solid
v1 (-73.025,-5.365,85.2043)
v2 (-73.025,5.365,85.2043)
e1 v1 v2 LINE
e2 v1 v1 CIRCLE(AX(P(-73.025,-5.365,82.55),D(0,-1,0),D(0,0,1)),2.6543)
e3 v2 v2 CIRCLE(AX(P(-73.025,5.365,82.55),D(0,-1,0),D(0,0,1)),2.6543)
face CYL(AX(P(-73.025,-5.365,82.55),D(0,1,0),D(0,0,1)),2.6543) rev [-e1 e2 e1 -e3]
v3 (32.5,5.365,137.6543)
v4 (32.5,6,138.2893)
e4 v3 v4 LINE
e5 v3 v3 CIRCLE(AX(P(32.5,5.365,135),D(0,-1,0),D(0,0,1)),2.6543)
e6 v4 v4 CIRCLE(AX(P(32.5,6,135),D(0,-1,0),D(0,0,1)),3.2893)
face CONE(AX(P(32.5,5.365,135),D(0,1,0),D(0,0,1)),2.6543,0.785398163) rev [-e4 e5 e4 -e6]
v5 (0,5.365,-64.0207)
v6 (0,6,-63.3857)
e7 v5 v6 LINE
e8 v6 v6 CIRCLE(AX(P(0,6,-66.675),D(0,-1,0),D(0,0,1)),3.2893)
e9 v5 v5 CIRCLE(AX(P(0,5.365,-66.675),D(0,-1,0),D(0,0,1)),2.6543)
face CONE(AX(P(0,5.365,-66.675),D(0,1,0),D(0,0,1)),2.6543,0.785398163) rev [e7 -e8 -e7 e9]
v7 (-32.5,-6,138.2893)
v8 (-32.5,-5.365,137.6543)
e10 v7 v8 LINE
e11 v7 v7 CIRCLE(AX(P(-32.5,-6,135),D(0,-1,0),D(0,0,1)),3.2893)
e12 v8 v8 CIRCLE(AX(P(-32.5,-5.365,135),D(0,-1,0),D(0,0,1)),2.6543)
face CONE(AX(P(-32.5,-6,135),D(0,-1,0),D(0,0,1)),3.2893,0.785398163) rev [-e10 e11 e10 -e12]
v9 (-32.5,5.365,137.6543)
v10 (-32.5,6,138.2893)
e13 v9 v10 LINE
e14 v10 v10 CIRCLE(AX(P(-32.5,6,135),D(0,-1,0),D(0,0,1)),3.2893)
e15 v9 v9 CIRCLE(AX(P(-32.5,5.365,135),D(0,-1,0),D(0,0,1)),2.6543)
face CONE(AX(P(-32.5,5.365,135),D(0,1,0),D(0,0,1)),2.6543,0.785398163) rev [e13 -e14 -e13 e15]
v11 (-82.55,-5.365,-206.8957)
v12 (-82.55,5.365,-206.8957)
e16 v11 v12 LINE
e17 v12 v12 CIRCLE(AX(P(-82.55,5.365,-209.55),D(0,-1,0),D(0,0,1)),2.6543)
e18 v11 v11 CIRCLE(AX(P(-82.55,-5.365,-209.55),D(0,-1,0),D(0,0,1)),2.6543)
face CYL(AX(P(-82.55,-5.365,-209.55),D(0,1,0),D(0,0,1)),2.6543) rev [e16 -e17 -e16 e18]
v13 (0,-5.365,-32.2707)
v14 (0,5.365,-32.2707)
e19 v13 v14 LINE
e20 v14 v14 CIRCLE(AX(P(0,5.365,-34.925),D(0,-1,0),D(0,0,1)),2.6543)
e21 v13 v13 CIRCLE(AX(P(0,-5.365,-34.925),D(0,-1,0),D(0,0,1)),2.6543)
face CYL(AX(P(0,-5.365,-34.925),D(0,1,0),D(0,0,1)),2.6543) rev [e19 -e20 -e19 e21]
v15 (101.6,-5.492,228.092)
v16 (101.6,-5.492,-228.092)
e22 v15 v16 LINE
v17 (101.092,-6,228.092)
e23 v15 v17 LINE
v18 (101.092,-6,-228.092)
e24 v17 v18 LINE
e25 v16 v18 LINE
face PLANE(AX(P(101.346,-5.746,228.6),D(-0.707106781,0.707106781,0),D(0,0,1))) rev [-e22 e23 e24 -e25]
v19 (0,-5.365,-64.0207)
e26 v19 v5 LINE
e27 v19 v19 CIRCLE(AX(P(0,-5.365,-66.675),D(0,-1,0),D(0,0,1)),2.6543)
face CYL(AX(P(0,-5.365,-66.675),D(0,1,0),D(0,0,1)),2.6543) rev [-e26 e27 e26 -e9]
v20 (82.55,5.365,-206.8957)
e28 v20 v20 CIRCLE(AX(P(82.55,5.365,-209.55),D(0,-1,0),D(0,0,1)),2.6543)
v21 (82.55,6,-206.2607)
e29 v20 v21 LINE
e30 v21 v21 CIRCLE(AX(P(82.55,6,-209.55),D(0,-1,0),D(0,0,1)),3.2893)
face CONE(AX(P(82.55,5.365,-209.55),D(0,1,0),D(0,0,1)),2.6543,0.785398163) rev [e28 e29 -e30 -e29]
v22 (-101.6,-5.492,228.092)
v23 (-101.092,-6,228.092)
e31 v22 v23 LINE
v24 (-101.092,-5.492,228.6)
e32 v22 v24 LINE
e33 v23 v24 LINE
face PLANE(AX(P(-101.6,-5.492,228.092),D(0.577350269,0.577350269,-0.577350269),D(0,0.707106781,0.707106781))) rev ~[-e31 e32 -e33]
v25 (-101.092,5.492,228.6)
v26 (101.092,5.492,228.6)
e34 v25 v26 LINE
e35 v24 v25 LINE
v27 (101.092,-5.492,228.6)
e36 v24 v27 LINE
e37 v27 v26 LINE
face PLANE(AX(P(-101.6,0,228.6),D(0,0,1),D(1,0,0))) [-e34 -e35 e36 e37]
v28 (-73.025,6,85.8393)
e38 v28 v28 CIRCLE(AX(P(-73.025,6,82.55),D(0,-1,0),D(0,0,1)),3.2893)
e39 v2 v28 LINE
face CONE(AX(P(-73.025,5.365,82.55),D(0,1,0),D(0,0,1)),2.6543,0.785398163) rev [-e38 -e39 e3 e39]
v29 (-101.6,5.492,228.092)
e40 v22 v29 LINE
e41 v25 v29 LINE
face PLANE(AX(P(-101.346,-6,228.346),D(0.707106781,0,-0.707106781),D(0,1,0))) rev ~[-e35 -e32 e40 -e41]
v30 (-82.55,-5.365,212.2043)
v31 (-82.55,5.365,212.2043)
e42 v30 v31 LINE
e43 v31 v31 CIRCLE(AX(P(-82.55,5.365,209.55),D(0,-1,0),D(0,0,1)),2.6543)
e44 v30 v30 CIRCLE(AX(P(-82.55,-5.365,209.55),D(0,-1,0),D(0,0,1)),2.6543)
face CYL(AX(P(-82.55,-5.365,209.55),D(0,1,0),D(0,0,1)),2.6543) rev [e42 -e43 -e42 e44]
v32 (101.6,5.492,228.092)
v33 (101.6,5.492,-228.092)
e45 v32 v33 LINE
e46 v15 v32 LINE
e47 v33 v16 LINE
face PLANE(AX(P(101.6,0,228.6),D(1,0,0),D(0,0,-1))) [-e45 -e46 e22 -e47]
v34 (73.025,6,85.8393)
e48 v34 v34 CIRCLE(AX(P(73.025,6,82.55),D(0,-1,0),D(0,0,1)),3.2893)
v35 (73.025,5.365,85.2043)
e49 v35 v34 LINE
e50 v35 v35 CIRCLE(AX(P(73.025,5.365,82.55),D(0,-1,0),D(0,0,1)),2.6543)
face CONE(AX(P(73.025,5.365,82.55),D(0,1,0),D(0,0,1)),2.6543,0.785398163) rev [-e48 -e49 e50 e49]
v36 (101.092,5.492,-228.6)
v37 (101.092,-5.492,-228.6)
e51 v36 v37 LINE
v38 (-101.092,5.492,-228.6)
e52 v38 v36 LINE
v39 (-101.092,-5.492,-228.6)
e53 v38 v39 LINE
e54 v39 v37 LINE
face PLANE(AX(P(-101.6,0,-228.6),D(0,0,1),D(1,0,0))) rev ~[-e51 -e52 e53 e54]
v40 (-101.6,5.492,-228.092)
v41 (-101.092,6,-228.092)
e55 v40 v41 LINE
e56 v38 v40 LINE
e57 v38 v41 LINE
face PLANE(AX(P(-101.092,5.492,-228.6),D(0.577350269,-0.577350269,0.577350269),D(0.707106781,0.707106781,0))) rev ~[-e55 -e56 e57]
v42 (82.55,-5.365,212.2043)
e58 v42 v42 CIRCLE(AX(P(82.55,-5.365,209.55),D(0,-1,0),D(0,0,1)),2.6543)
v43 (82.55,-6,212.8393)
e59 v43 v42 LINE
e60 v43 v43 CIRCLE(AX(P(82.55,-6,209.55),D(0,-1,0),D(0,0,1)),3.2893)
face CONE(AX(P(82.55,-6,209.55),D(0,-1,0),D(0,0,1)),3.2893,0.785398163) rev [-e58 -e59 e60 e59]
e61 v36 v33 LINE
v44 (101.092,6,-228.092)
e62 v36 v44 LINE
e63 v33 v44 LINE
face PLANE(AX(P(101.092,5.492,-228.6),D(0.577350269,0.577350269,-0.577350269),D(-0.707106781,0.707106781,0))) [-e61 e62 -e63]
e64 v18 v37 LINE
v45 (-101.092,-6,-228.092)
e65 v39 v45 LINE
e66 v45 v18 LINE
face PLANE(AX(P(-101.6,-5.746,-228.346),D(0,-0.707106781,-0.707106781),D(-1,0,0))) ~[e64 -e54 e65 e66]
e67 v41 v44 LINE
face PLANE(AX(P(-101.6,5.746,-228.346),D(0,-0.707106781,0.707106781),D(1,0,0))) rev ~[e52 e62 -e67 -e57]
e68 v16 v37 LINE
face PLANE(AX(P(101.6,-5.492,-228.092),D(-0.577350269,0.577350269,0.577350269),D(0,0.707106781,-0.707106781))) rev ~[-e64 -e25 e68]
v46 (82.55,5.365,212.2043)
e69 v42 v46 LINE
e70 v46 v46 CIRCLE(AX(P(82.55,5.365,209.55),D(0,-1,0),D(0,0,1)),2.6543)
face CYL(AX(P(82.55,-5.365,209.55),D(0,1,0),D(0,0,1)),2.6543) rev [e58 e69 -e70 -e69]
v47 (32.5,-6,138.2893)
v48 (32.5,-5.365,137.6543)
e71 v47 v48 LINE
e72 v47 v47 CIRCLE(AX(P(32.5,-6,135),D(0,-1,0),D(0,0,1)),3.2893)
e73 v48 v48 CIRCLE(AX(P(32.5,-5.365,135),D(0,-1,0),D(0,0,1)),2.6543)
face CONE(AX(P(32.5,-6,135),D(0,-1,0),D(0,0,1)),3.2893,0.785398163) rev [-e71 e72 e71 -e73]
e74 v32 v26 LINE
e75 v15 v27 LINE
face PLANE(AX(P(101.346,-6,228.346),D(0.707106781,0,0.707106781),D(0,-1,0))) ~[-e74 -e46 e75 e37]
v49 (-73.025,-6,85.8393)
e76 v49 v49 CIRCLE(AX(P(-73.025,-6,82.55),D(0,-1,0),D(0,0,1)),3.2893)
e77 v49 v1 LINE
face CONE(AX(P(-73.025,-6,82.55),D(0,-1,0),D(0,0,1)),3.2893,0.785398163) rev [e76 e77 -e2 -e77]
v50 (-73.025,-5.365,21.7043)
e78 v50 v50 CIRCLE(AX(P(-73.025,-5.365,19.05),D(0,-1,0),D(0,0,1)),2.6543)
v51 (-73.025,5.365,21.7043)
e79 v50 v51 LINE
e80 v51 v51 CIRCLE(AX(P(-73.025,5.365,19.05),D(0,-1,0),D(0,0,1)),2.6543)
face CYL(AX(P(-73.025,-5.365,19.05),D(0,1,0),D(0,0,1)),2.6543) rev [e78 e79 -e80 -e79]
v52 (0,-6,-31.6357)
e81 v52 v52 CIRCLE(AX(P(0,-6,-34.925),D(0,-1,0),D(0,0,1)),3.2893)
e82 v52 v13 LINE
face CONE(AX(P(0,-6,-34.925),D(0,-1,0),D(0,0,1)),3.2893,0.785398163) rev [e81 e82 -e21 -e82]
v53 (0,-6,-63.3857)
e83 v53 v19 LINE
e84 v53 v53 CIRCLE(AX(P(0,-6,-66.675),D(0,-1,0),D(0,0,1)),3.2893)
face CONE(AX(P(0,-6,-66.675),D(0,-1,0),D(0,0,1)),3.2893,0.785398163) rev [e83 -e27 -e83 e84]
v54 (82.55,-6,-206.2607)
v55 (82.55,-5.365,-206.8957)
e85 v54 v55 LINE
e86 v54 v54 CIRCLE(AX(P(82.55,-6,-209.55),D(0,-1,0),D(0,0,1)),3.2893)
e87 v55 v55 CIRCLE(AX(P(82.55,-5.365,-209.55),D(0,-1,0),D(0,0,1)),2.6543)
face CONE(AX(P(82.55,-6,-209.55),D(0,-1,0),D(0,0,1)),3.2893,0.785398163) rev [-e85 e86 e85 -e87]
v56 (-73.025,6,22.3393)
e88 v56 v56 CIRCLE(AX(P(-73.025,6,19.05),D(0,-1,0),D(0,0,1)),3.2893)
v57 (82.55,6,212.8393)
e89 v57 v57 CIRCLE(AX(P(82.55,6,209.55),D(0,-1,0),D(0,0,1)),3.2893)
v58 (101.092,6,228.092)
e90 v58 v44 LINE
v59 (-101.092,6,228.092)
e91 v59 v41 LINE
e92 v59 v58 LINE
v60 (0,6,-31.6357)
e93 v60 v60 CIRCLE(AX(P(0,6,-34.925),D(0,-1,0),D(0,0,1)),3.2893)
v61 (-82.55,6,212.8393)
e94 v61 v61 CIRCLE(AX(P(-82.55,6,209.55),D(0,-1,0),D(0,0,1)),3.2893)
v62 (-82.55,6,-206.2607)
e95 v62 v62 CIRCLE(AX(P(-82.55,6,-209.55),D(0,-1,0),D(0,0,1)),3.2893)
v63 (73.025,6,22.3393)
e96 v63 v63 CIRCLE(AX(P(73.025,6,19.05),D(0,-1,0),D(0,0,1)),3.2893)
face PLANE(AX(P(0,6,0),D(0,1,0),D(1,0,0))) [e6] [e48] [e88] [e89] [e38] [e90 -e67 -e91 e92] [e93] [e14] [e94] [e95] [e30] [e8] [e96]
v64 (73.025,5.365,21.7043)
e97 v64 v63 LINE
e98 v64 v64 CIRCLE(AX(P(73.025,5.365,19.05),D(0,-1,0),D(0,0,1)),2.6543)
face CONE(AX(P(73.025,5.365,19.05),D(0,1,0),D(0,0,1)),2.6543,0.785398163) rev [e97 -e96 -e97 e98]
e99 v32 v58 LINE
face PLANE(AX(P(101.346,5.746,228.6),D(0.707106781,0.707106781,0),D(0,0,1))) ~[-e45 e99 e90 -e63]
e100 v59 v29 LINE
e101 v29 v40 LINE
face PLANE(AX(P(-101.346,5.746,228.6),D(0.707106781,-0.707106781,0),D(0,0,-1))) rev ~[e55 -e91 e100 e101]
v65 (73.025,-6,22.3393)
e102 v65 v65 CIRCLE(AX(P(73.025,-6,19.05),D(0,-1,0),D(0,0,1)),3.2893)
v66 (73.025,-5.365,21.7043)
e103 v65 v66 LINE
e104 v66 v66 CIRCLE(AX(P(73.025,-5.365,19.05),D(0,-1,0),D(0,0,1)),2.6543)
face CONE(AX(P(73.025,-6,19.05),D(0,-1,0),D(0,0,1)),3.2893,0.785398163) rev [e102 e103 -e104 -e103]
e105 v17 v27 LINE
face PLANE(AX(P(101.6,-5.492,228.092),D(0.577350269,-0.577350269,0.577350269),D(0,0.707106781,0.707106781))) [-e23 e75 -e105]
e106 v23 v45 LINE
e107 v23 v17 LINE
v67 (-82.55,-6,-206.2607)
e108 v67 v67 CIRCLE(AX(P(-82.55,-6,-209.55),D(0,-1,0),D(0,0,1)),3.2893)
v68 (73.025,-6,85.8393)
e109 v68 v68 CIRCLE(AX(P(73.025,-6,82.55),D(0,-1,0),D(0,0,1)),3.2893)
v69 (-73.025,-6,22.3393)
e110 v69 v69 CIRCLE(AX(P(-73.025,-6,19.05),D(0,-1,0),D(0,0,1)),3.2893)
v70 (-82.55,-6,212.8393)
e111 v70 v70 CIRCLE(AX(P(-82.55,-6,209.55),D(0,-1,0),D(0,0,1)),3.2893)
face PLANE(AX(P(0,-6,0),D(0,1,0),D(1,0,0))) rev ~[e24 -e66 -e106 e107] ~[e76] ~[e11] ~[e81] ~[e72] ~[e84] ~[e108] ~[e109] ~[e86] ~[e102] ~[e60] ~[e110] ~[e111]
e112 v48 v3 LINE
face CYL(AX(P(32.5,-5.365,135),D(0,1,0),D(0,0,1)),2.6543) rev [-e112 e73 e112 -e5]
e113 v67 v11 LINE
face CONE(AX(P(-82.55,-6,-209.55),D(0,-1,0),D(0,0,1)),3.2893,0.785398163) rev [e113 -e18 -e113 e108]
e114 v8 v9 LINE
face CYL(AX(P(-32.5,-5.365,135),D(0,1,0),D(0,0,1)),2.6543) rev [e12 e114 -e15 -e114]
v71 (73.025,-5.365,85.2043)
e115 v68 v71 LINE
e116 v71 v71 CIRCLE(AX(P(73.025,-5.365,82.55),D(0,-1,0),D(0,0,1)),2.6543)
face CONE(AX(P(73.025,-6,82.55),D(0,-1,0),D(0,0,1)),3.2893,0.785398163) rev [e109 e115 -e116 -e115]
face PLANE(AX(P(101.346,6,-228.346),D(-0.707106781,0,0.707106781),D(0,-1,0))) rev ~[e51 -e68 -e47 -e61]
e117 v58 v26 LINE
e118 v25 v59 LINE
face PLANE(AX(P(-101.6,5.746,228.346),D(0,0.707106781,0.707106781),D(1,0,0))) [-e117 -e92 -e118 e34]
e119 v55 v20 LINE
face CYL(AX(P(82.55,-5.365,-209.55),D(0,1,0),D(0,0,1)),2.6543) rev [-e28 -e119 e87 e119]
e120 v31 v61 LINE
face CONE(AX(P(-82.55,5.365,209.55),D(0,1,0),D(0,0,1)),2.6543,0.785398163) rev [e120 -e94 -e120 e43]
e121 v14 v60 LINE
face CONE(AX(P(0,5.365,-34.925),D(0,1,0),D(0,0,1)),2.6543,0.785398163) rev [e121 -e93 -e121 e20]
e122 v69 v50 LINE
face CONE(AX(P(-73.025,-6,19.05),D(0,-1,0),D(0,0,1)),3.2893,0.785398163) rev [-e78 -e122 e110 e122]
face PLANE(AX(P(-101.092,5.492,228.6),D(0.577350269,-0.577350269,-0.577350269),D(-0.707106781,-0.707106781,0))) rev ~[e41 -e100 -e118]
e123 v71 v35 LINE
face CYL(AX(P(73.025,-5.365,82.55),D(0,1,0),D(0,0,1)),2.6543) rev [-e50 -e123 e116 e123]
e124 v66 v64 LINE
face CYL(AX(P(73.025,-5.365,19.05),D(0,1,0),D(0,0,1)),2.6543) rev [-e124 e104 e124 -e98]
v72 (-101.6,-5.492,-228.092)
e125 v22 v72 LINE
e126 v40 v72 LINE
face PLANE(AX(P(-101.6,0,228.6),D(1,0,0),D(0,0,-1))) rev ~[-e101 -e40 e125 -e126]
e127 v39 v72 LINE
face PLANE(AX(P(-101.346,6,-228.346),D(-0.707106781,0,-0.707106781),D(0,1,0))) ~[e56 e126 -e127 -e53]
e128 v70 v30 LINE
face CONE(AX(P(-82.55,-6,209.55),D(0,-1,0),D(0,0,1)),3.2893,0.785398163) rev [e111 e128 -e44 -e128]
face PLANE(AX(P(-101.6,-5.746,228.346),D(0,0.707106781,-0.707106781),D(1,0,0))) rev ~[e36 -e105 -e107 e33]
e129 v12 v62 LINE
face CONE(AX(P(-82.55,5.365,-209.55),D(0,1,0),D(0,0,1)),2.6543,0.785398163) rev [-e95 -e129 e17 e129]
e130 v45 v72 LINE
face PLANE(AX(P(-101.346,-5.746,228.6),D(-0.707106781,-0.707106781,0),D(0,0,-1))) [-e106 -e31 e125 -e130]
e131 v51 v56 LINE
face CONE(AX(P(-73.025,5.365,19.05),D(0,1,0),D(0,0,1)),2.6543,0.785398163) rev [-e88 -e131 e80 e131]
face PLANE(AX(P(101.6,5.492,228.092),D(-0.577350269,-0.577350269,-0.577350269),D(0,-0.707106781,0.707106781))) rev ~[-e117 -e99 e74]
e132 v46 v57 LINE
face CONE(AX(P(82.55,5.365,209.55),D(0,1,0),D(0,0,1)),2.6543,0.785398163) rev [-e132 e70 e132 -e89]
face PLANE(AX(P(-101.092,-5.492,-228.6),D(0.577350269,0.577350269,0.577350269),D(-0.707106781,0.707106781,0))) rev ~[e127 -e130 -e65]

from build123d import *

# Parameters (mm, degrees)
SKETCH1_W                           = 203.2
SKETCH1_H                           = 457.2
BOSS_EXTRUDE1_DEPTH                 = 6
F_4_0_209_DIAMETER_HOLE1_AT_2_COUNT = 2
F_4_0_209_DIAMETER_HOLE1_AT_2_PITCH = 165.1
F_4_0_209_DIAMETER_HOLE1_AT_3_COUNT = 2
F_4_0_209_DIAMETER_HOLE1_AT_3_PITCH = 450.447355415
F_4_0_209_DIAMETER_HOLE1_AT_4_COUNT = 2
F_4_0_209_DIAMETER_HOLE1_AT_4_PITCH = 419.1
CHAMFER1_SIZE                       = 0.508
F_4_0_209_DIAMETER_HOLE3_AT_2_COUNT = 2
F_4_0_209_DIAMETER_HOLE3_AT_2_PITCH = 65
F_4_0_209_DIAMETER_HOLE3_AT_3_COUNT = 2
F_4_0_209_DIAMETER_HOLE3_AT_3_PITCH = 173.005073986
F_4_0_209_DIAMETER_HOLE3_AT_4_COUNT = 2
F_4_0_209_DIAMETER_HOLE3_AT_4_PITCH = 204.276909182
F_4_0_209_DIAMETER_HOLE3_AT_5_COUNT = 2
F_4_0_209_DIAMETER_HOLE3_AT_5_PITCH = 122.827839373
F_4_0_209_DIAMETER_HOLE3_AT_6_COUNT = 2
F_4_0_209_DIAMETER_HOLE3_AT_6_PITCH = 66.281808402
F_4_0_209_DIAMETER_HOLE3_AT_7_COUNT = 2
F_4_0_209_DIAMETER_HOLE3_AT_7_PITCH = 117.841113899
F_4_0_209_DIAMETER_HOLE3_AT_8_COUNT = 2
F_4_0_209_DIAMETER_HOLE3_AT_8_PITCH = 156.779871556


with BuildPart() as part:
    # Sketch1 → Boss-Extrude1 (new, symmetric)
    with BuildSketch(Plane(origin=(0, 0, 0), x_dir=(1, 0, 0), z_dir=(0, 1, 0))):
        Rectangle(SKETCH1_W, SKETCH1_H)
    extrude(amount=BOSS_EXTRUDE1_DEPTH, both=True)

    # Sketch4 → #4 (0.209) Diameter Hole1 (revolve, cut)
    with BuildSketch(Plane(origin=(-82.55, 6, -209.55), x_dir=(0, 0, 1), z_dir=(1, 0, 0))):
        Polygon((0, 0), (0, 12), (3.2893, 12), (2.6543, 11.365), (2.6543, 0.635), (3.2893, 0), align=None)
    f_4_0_209_diameter_hole1 = revolve(axis=Axis((-82.55, 12.35, -209.55), (0, -1, 0)), mode=Mode.SUBTRACT)

    # #4 (0.209) Diameter Hole1 at 2: #4 (0.209) Diameter Hole1 ×2
    with Locations(*[(i * F_4_0_209_DIAMETER_HOLE1_AT_2_PITCH, 0, 0) for i in range(1, F_4_0_209_DIAMETER_HOLE1_AT_2_COUNT)]):
        add(f_4_0_209_diameter_hole1, mode=Mode.SUBTRACT)

    # #4 (0.209) Diameter Hole1 at 3: #4 (0.209) Diameter Hole1 ×2
    with Locations(*[Vector(0.36652451838249067, 0, 0.9304083928170915) * (i * F_4_0_209_DIAMETER_HOLE1_AT_3_PITCH) for i in range(1, F_4_0_209_DIAMETER_HOLE1_AT_3_COUNT)]):
        add(f_4_0_209_diameter_hole1, mode=Mode.SUBTRACT)

    # #4 (0.209) Diameter Hole1 at 4: #4 (0.209) Diameter Hole1 ×2
    with Locations(*[(0, 0, i * F_4_0_209_DIAMETER_HOLE1_AT_4_PITCH) for i in range(1, F_4_0_209_DIAMETER_HOLE1_AT_4_COUNT)]):
        add(f_4_0_209_diameter_hole1, mode=Mode.SUBTRACT)

    # Chamfer1
    chamfer1_edges = [part.edges().sort_by_distance(p)[0] for p in [
        (101.6, 6, 0),
        (101.6, -6, 0),
        (101.6, 0, -228.6),
        (0, 6, -228.6),
        (0, -6, -228.6),
        (-101.6, 0, -228.6),
        (-101.6, 6, 0),
        (-101.6, -6, 0),
        (-101.6, 0, 228.6),
        (0, 6, 228.6),
        (101.6, 0, 228.6),
        (0, -6, 228.6),
    ]]
    chamfer(chamfer1_edges, length=CHAMFER1_SIZE)

    # Sketch11 → #4 (0.209) Diameter Hole3 (revolve, cut)
    with BuildSketch(Plane(origin=(-32.5, 6, 135), x_dir=(0, 0, 1), z_dir=(1, 0, 0))):
        Polygon((0, 0), (0, 12), (3.2893, 12), (2.6543, 11.365), (2.6543, 0.635), (3.2893, 0), align=None)
    f_4_0_209_diameter_hole3 = revolve(axis=Axis((-32.5, 12.35, 135), (0, -1, 0)), mode=Mode.SUBTRACT)

    # #4 (0.209) Diameter Hole3 at 2: #4 (0.209) Diameter Hole3 ×2
    with Locations(*[(i * F_4_0_209_DIAMETER_HOLE3_AT_2_PITCH, 0, 0) for i in range(1, F_4_0_209_DIAMETER_HOLE3_AT_2_COUNT)]):
        add(f_4_0_209_diameter_hole3, mode=Mode.SUBTRACT)

    # #4 (0.209) Diameter Hole3 at 3: #4 (0.209) Diameter Hole3 ×2
    with Locations(*[Vector(0.1878557619794241, 0, -0.9821966262877968) * (i * F_4_0_209_DIAMETER_HOLE3_AT_3_PITCH) for i in range(1, F_4_0_209_DIAMETER_HOLE3_AT_3_COUNT)]):
        add(f_4_0_209_diameter_hole3, mode=Mode.SUBTRACT)

    # #4 (0.209) Diameter Hole3 at 4: #4 (0.209) Diameter Hole3 ×2
    with Locations(*[Vector(0.15909776650784052, 0, -0.9872628326298001) * (i * F_4_0_209_DIAMETER_HOLE3_AT_4_PITCH) for i in range(1, F_4_0_209_DIAMETER_HOLE3_AT_4_COUNT)]):
        add(f_4_0_209_diameter_hole3, mode=Mode.SUBTRACT)

    # #4 (0.209) Diameter Hole3 at 5: #4 (0.209) Diameter Hole3 ×2
    with Locations(*[Vector(-0.3299333457864378, 0, -0.9440042305721765) * (i * F_4_0_209_DIAMETER_HOLE3_AT_5_PITCH) for i in range(1, F_4_0_209_DIAMETER_HOLE3_AT_5_COUNT)]):
        add(f_4_0_209_diameter_hole3, mode=Mode.SUBTRACT)

    # #4 (0.209) Diameter Hole3 at 6: #4 (0.209) Diameter Hole3 ×2
    with Locations(*[Vector(-0.6114045614808405, 0, -0.7913181801275775) * (i * F_4_0_209_DIAMETER_HOLE3_AT_6_PITCH) for i in range(1, F_4_0_209_DIAMETER_HOLE3_AT_6_COUNT)]):
        add(f_4_0_209_diameter_hole3, mode=Mode.SUBTRACT)

    # #4 (0.209) Diameter Hole3 at 7: #4 (0.209) Diameter Hole3 ×2
    with Locations(*[Vector(0.8954854253183739, 0, -0.4450908368438638) * (i * F_4_0_209_DIAMETER_HOLE3_AT_7_PITCH) for i in range(1, F_4_0_209_DIAMETER_HOLE3_AT_7_COUNT)]):
        add(f_4_0_209_diameter_hole3, mode=Mode.SUBTRACT)

    # #4 (0.209) Diameter Hole3 at 8: #4 (0.209) Diameter Hole3 ×2
    with Locations(*[Vector(0.6730774745057522, 0, -0.7395719798051835) * (i * F_4_0_209_DIAMETER_HOLE3_AT_8_PITCH) for i in range(1, F_4_0_209_DIAMETER_HOLE3_AT_8_COUNT)]):
        add(f_4_0_209_diameter_hole3, mode=Mode.SUBTRACT)


solid = part.part
